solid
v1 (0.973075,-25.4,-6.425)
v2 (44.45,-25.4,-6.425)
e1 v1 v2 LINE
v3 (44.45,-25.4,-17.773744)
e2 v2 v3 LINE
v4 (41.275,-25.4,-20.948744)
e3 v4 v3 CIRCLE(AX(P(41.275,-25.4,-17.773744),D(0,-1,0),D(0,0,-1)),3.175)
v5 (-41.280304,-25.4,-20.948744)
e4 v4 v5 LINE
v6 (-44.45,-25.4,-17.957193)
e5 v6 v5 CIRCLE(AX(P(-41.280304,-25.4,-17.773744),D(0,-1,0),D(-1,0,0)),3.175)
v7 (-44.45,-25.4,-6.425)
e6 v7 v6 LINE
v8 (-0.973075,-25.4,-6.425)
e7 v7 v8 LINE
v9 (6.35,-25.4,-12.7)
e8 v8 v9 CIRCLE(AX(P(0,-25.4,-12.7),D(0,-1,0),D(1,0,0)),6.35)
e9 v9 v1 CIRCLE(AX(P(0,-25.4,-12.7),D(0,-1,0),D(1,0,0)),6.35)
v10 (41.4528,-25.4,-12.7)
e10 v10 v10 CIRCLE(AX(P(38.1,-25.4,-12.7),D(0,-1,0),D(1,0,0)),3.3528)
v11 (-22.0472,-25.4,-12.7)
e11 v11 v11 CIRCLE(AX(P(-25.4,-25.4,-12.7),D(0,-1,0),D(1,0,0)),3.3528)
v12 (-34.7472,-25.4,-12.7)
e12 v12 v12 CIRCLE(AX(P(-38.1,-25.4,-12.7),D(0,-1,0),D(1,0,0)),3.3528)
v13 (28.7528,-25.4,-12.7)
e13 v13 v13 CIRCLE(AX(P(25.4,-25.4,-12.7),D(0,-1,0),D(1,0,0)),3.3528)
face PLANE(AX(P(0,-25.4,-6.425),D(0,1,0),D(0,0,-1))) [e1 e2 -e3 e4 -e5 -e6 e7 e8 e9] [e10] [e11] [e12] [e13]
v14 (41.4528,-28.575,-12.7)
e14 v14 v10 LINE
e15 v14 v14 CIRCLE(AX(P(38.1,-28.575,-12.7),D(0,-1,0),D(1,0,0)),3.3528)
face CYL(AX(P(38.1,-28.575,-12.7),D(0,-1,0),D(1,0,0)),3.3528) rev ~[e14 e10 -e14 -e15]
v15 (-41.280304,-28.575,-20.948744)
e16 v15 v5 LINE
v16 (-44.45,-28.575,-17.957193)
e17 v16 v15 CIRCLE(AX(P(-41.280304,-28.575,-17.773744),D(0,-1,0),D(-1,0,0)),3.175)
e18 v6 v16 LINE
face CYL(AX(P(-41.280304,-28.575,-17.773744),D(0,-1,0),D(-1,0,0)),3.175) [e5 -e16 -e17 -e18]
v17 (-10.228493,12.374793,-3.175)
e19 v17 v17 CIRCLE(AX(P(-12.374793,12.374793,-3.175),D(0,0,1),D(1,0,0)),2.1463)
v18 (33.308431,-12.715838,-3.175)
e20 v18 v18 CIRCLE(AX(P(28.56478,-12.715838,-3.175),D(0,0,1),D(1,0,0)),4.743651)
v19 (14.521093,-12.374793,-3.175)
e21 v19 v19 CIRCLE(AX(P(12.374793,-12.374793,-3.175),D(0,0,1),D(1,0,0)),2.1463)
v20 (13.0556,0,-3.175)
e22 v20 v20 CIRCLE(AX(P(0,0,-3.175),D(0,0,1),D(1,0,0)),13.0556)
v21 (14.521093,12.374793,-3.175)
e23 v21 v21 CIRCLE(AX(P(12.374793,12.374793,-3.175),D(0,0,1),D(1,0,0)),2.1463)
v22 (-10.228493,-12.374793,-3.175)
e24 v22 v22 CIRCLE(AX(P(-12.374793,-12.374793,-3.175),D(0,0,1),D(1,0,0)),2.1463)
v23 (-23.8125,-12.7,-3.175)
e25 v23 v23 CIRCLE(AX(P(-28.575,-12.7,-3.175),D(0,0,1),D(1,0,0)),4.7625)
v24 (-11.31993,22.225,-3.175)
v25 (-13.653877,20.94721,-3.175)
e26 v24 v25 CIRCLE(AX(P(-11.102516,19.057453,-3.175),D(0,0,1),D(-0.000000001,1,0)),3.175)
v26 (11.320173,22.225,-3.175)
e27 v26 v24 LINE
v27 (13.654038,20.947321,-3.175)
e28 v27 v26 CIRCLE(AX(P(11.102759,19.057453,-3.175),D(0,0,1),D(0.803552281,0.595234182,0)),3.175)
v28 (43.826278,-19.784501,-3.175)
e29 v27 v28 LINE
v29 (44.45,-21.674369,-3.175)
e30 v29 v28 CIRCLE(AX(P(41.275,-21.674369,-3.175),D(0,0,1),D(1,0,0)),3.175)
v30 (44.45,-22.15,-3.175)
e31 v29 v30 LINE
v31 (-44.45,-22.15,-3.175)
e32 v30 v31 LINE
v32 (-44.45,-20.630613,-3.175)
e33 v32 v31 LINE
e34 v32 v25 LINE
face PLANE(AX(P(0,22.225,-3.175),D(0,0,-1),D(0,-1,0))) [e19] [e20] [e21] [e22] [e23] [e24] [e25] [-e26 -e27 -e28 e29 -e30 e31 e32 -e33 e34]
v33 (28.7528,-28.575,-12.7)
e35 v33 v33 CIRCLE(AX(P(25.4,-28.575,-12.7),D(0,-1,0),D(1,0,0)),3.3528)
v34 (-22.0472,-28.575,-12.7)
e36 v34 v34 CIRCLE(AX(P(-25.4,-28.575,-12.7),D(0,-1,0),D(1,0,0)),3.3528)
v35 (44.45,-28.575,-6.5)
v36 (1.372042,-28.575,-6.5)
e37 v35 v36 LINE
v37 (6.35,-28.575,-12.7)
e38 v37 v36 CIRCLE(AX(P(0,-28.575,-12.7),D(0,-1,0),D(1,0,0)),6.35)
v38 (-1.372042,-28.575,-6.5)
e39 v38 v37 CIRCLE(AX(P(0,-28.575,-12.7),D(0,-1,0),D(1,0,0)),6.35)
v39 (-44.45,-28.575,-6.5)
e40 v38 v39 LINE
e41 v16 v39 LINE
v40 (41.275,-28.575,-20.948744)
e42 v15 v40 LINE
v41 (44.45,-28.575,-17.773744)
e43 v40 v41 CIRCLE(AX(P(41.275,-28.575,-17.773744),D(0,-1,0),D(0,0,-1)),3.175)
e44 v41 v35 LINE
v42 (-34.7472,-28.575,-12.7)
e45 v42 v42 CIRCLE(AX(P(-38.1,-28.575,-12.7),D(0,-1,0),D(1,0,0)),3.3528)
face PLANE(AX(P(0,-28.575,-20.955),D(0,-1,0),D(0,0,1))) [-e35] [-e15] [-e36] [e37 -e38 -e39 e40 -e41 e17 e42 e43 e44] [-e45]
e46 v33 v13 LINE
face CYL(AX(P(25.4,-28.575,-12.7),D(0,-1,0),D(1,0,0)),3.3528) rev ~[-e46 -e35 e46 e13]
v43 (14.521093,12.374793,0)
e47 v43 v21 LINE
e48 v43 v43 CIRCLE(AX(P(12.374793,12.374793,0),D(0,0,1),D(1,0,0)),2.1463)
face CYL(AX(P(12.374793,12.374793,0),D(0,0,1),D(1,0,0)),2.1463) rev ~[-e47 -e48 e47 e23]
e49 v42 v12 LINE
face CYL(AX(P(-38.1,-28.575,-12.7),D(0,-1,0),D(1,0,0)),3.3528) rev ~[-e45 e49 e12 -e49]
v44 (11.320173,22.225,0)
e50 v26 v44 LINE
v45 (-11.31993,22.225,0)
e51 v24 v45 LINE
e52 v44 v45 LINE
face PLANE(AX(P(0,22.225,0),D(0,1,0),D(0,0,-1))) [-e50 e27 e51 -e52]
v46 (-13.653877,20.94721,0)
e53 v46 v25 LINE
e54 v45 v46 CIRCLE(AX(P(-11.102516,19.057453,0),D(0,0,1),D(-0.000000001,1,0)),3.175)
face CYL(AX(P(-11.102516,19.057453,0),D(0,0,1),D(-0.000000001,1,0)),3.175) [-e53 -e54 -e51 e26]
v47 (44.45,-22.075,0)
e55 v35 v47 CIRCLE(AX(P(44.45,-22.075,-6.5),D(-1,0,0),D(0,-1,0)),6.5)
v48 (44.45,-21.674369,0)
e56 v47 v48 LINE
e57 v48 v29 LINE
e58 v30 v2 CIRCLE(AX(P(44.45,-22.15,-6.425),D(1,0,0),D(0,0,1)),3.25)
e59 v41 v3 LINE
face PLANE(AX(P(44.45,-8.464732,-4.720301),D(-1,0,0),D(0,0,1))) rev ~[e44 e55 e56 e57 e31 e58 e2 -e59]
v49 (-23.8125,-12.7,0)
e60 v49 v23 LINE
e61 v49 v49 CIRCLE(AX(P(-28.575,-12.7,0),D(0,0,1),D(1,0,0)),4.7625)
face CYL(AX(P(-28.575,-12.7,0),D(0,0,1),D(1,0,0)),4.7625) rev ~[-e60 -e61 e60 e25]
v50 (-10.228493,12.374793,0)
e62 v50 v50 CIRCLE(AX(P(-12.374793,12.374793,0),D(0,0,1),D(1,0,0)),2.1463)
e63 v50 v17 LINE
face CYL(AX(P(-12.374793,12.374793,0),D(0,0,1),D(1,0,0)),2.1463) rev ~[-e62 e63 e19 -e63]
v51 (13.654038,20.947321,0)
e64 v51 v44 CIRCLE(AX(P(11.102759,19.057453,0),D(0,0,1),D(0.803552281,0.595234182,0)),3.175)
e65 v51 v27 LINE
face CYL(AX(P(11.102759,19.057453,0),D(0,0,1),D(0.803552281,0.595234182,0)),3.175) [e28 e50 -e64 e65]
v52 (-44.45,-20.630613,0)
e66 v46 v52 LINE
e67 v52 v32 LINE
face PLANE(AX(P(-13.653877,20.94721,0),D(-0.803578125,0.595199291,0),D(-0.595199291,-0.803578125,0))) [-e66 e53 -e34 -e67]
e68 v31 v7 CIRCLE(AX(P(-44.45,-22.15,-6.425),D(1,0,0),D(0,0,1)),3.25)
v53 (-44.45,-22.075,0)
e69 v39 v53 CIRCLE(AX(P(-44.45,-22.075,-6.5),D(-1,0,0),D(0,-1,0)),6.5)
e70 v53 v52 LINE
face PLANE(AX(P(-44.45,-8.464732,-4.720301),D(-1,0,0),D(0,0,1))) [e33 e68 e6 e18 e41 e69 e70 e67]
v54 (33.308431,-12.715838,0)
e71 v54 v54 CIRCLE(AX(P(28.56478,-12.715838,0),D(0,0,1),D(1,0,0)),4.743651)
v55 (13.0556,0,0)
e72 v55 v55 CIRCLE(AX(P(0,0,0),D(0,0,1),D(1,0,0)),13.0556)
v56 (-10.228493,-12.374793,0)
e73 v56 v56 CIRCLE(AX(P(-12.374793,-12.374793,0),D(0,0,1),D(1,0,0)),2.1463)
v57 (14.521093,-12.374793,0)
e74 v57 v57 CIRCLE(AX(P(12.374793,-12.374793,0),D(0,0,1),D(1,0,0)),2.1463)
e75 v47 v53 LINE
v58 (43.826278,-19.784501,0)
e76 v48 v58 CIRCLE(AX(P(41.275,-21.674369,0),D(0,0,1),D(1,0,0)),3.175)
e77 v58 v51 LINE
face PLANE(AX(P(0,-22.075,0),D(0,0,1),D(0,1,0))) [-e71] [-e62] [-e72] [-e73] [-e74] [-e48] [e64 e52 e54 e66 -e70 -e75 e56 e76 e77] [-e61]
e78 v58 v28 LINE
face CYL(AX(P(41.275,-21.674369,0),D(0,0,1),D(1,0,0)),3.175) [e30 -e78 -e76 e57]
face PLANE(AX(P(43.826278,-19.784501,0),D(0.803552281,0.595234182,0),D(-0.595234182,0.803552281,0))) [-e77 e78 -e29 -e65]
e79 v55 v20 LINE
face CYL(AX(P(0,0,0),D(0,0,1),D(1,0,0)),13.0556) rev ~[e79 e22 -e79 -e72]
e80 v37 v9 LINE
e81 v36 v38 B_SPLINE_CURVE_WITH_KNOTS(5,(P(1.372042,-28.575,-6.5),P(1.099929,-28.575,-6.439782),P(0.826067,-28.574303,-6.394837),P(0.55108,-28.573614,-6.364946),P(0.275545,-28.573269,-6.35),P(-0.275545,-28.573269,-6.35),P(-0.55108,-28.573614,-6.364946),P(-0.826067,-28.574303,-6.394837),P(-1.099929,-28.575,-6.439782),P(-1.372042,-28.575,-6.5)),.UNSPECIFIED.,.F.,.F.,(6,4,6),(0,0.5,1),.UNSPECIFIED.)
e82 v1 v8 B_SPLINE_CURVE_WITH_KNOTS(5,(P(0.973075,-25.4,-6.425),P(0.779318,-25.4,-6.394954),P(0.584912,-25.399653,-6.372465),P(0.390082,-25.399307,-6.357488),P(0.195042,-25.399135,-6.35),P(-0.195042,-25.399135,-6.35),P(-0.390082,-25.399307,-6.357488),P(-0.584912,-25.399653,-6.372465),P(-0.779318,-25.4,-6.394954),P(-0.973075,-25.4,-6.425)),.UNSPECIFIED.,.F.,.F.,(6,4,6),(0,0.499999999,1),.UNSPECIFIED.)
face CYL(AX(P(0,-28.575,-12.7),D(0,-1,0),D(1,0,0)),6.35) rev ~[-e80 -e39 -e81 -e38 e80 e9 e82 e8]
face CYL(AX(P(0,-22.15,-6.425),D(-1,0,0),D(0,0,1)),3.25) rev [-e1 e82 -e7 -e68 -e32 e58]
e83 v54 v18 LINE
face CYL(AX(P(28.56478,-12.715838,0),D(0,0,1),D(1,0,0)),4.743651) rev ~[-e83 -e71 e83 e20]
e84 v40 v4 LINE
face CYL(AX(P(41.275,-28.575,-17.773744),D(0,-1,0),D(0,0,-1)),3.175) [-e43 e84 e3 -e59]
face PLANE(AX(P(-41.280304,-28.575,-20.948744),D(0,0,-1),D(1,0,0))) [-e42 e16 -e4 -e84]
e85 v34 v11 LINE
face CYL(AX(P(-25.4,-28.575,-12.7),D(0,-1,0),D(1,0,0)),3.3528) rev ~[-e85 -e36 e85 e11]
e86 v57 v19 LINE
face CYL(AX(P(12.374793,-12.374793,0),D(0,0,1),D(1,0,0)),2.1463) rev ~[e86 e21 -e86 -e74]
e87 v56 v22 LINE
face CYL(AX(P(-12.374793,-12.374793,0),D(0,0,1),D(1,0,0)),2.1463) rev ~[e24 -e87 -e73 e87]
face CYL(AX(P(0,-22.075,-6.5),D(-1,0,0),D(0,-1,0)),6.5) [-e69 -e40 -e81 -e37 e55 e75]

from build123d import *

# Parameters (mm, degrees)
BOSS_EXTRUDE1_DEPTH = 44.45
SKETCH2_OUTSIDE_W   = 111.802
SKETCH2_OUTSIDE_H   = 43.857
SKETCH2_OUTSIDE_R   = 3.3528
SKETCH2_OUTSIDE_R_2 = 6.35
CUT_EXTRUDE3_DEPTH  = 51.8
SKETCH3_OUTSIDE_W   = 111.802
SKETCH3_OUTSIDE_H   = 73.702
SKETCH3_OUTSIDE_R   = 2.1463
SKETCH3_OUTSIDE_R_2 = 13.0556
SKETCH3_OUTSIDE_R_3 = 4.7625
SKETCH3_OUTSIDE_R_4 = 4.743651166
CUT_EXTRUDE4_DEPTH  = 21.948744152


with BuildPart() as part:
    # Sketch1 → Boss-Extrude1 (new body, symmetric)
    with BuildSketch(Plane.ZY):
        with BuildLine():
            Line((-20.955, -28.575), (-6.5, -28.575))
            ThreePointArc((-6.5, -28.575), (-1.903805922, -26.671194078), (0, -22.075))
            Line((0, -22.075), (0, 22.225))
            Line((0, 22.225), (-3.175, 22.225))
            Line((-3.175, 22.225), (-3.175, -22.15))
            ThreePointArc((-3.175, -22.15), (-4.126902961, -24.448097039), (-6.425, -25.4))
            Line((-6.425, -25.4), (-20.955, -25.4))
            Line((-20.955, -25.4), (-20.955, -28.575))
        make_face()
    extrude(amount=BOSS_EXTRUDE1_DEPTH, both=True)

    # Sketch2 outside → Cut-Extrude3 (cut, through all)
    with BuildSketch(Plane.XZ.offset(28.575)):
        with Locations((0, -10.4775)):
            Rectangle(SKETCH2_OUTSIDE_W, SKETCH2_OUTSIDE_H)
        with BuildLine():
            Line((-41.280304188, -20.948744152), (41.275, -20.948744152))
            ThreePointArc((41.275, -20.948744152), (43.52006403, -20.018808183), (44.45, -17.773744152))
            Line((44.45, -17.773744152), (44.45, 4.535349672))
            Line((44.45, 4.535349672), (-44.455304188, 4.535349672))
            Line((-44.455304188, 4.535349672), (-44.455304188, -17.773744152))
            ThreePointArc((-44.455304188, -17.773744152), (-43.525368218, -20.018808183), (-41.280304188, -20.948744152))
        make_face(mode=Mode.SUBTRACT)
        with Locations((-38.1, -12.7)):
            Circle(SKETCH2_OUTSIDE_R)
        with Locations((-25.4, -12.7)):
            Circle(SKETCH2_OUTSIDE_R)
        with Locations((0, -12.7)):
            Circle(SKETCH2_OUTSIDE_R_2)
        with Locations((25.4, -12.7)):
            Circle(SKETCH2_OUTSIDE_R)
        with Locations((38.1, -12.7)):
            Circle(SKETCH2_OUTSIDE_R)
    extrude(amount=-CUT_EXTRUDE3_DEPTH, mode=Mode.SUBTRACT)

    # Sketch3 outside → Cut-Extrude4 (cut, through all)
    with BuildSketch(Plane.XY):
        with Locations((0, -3.175)):
            Rectangle(SKETCH3_OUTSIDE_W, SKETCH3_OUTSIDE_H)
        with BuildLine():
            Line((-13.653876698, 20.947210396), (-44.450826739, -20.631729198))
            Line((-44.450826739, -20.631729198), (-44.450826739, -28.575))
            Line((-44.450826739, -28.575), (44.45, -28.575))
            Line((44.45, -28.575), (44.45, -21.674369393))
            ThreePointArc((44.45, -21.674369393), (44.29004015, -20.679302615), (43.826278492, -19.784500865))
            Line((43.826278492, -19.784500865), (13.654037866, 20.947321174))
            ThreePointArc((13.654037866, 20.947321174), (12.531096243, 21.893026448), (11.102759374, 22.232452646))
            Line((11.102759374, 22.232452646), (-11.10251615, 22.232452646))
            ThreePointArc((-11.10251615, 22.232452646), (-12.530914579, 21.892995438), (-13.653876698, 20.947210396))
        make_face(mode=Mode.SUBTRACT)
        with Locations((-12.374792935, 12.374792935)):
            Circle(SKETCH3_OUTSIDE_R)
        with Locations((12.374792935, 12.374792935)):
            Circle(SKETCH3_OUTSIDE_R)
        Circle(SKETCH3_OUTSIDE_R_2)
        with Locations((-28.575, -12.7)):
            Circle(SKETCH3_OUTSIDE_R_3)
        with Locations((-12.374792935, -12.374792935)):
            Circle(SKETCH3_OUTSIDE_R)
        with Locations((12.374792935, -12.374792935)):
            Circle(SKETCH3_OUTSIDE_R)
        with Locations((28.564780042, -12.715837646)):
            Circle(SKETCH3_OUTSIDE_R_4)
    extrude(amount=-CUT_EXTRUDE4_DEPTH, mode=Mode.SUBTRACT)


solid = part.part
